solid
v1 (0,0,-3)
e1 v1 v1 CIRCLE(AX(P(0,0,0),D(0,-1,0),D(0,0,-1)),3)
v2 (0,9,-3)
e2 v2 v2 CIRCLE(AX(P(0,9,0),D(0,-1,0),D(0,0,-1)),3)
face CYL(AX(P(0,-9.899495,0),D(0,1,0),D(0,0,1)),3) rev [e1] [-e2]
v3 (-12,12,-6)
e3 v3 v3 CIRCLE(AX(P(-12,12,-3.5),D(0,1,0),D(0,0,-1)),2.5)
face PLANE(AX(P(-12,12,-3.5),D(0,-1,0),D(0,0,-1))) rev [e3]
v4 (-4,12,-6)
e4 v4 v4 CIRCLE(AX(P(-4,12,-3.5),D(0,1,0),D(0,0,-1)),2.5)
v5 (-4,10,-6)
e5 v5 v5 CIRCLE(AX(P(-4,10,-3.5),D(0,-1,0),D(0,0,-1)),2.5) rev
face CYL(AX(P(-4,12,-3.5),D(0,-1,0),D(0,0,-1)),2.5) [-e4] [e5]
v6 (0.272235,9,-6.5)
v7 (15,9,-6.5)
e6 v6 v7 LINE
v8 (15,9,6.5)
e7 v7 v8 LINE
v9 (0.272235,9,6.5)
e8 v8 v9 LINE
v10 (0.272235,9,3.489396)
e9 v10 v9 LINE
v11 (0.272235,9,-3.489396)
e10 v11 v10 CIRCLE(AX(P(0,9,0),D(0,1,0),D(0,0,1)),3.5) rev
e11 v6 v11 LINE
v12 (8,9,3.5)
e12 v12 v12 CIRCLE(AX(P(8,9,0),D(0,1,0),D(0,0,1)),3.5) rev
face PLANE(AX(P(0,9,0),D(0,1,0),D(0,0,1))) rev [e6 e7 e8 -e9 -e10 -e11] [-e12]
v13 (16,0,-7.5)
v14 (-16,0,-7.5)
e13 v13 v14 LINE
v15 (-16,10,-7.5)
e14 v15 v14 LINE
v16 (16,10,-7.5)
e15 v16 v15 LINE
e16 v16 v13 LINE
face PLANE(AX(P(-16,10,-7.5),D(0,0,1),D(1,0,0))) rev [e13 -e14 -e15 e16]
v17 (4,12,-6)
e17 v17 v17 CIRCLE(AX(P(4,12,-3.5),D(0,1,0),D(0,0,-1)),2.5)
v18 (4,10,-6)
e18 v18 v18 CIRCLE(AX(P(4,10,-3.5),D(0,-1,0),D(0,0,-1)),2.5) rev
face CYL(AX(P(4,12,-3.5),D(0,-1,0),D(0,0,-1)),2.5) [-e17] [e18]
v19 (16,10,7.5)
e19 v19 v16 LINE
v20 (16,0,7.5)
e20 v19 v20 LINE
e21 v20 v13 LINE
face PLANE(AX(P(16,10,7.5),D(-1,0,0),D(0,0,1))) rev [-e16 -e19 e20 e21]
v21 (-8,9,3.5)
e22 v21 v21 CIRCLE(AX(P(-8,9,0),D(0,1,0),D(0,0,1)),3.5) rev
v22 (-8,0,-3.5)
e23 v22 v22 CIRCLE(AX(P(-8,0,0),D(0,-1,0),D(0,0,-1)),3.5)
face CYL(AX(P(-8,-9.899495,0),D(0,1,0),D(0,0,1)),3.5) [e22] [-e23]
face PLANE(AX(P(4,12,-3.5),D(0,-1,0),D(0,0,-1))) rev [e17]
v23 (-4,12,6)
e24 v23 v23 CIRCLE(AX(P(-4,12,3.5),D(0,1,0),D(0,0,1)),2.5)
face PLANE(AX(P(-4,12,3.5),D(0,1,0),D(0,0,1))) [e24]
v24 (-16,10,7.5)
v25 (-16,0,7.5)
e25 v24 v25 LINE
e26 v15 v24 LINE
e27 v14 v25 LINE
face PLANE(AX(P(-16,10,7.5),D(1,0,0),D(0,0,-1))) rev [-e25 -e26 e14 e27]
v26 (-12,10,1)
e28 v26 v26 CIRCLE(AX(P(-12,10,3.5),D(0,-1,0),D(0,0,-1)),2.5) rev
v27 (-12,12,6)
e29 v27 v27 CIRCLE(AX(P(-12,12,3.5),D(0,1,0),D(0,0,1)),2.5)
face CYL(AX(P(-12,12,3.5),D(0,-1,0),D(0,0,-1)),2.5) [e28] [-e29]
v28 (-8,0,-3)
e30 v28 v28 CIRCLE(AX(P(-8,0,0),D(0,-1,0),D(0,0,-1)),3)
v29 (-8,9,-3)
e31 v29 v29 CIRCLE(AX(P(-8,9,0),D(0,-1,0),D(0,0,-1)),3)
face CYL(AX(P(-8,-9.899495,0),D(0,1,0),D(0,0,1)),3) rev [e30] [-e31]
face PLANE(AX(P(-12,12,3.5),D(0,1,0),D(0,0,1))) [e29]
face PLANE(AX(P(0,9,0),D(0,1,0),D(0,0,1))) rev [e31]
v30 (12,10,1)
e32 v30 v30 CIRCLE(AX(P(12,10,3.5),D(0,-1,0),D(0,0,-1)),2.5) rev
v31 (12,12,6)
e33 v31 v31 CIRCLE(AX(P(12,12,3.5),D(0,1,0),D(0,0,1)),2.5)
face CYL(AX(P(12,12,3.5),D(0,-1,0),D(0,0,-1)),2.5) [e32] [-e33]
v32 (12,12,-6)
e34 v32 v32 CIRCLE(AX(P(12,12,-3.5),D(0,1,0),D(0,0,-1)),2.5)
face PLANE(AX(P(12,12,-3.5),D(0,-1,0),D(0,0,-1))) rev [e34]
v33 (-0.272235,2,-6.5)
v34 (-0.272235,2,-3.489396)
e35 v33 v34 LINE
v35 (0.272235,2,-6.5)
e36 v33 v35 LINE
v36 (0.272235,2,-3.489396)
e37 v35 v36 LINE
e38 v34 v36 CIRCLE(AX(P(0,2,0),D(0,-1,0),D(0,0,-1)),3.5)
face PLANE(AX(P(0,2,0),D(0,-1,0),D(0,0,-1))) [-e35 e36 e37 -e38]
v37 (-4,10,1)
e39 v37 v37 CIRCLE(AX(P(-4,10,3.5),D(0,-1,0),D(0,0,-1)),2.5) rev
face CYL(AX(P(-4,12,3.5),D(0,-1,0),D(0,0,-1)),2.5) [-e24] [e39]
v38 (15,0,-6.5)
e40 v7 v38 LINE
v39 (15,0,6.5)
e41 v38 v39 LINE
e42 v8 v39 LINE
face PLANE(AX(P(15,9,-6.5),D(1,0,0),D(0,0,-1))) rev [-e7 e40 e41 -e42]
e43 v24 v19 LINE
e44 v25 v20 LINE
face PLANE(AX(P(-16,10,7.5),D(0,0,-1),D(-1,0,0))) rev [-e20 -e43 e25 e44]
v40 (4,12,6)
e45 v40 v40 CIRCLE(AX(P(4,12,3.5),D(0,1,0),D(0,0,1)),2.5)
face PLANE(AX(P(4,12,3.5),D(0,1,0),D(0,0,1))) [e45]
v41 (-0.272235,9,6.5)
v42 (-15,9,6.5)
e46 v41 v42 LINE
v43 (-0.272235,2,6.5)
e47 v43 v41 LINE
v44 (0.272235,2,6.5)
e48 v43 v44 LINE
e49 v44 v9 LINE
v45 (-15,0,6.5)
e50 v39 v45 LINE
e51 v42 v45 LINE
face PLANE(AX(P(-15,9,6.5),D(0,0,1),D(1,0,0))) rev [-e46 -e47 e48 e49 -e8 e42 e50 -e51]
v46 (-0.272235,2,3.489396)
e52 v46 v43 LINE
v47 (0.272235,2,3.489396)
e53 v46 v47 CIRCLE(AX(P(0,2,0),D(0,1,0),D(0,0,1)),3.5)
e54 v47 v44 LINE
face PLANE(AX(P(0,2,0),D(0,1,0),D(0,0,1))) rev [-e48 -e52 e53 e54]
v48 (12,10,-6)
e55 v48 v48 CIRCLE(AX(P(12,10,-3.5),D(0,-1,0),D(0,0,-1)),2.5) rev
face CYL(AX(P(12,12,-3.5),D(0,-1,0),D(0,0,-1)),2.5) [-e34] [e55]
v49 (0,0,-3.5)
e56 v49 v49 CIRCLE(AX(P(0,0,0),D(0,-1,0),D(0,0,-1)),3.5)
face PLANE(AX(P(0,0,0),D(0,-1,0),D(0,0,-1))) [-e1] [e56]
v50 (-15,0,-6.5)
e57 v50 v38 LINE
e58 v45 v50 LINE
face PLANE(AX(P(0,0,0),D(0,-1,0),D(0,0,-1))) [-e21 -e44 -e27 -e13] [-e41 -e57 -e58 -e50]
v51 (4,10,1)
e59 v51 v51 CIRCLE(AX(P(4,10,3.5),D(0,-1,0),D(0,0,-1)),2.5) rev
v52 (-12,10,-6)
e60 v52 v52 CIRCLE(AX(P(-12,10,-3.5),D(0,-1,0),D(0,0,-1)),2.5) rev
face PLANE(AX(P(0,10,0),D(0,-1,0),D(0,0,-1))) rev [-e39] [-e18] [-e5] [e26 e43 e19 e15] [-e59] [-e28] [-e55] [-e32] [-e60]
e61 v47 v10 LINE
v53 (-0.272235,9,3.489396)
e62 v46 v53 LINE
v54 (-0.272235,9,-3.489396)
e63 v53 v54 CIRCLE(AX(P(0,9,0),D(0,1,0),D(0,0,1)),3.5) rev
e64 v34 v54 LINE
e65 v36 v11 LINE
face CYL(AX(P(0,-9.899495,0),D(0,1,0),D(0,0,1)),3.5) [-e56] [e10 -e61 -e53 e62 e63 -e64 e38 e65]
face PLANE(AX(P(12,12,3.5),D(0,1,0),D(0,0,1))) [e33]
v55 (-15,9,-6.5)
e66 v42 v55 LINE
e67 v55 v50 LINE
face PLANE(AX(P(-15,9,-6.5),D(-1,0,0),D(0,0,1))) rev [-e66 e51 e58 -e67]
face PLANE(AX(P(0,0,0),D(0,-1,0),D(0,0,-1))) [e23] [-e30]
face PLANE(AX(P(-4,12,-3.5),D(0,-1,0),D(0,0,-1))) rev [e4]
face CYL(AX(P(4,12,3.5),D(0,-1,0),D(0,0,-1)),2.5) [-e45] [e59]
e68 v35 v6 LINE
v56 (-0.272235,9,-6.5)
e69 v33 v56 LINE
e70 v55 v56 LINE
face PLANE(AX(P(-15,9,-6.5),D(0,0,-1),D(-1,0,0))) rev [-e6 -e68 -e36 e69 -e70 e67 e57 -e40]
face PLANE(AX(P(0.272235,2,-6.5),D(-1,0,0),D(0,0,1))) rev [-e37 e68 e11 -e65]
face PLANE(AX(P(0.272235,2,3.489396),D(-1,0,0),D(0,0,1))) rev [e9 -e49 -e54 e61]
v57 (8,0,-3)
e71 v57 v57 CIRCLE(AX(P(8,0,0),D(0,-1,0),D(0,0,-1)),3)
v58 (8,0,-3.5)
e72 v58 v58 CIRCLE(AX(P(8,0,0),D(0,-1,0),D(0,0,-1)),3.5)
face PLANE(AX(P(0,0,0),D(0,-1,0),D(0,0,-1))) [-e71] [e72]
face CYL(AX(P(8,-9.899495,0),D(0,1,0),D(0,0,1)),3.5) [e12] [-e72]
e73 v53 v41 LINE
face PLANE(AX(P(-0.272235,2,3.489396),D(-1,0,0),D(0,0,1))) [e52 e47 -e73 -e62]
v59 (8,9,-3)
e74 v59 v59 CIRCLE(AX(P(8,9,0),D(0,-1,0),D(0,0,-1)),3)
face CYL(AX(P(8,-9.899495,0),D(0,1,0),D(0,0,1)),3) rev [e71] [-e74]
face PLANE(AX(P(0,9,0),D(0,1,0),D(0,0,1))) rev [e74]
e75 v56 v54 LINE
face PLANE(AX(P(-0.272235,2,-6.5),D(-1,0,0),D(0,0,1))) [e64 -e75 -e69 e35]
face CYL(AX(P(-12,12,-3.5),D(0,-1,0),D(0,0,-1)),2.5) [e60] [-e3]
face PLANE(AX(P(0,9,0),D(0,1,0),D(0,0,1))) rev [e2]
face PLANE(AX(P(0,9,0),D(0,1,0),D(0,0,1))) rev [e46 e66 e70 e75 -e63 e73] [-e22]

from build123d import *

# Parameters (mm, degrees)
SKETCH1_W           = 32
SKETCH1_H           = 15
BOSS_EXTRUDE1_DEPTH = 10
SKETCH2_R           = 2.5
BOSS_EXTRUDE2_DEPTH = 2
SKETCH3_W           = 30
SKETCH3_H           = 13
CUT_EXTRUDE1_DEPTH  = 9
SKETCH4_R           = 3.5
SKETCH4_R_2         = 3
BOSS_EXTRUDE3_DEPTH = 9
BOSS_EXTRUDE4_DEPTH = 7


with BuildPart() as part:
    # Sketch1 → Boss-Extrude1 (new body)
    with BuildSketch(Plane(origin=(0, 0, 0), x_dir=(1, 0, 0), z_dir=(0, 1, 0))):
        Rectangle(SKETCH1_W, SKETCH1_H)
    extrude(amount=BOSS_EXTRUDE1_DEPTH)

    # Sketch2 → Boss-Extrude2 (add)
    with BuildSketch(Plane(origin=(0, 10, 0), x_dir=(1, 0, 0), z_dir=(0, 1, 0))):
        with Locations((-12, -3.5)):
            Circle(SKETCH2_R)
        with Locations((-4, -3.5)):
            Circle(SKETCH2_R)
        with Locations((4, -3.5)):
            Circle(SKETCH2_R)
        with Locations((12, -3.5)):
            Circle(SKETCH2_R)
        with Locations((12, 3.5)):
            Circle(SKETCH2_R)
        with Locations((4, 3.5)):
            Circle(SKETCH2_R)
        with Locations((-4, 3.5)):
            Circle(SKETCH2_R)
        with Locations((-12, 3.5)):
            Circle(SKETCH2_R)
    extrude(amount=BOSS_EXTRUDE2_DEPTH)

    # Sketch3 → Cut-Extrude1 (cut)
    with BuildSketch(Plane.XZ):
        Rectangle(SKETCH3_W, SKETCH3_H)
    extrude(amount=-CUT_EXTRUDE1_DEPTH, mode=Mode.SUBTRACT)

    # Sketch4 → Boss-Extrude3 (add)
    with BuildSketch(Plane.XZ.offset(-9)):
        Circle(SKETCH4_R)
        Circle(SKETCH4_R_2, mode=Mode.SUBTRACT)
        with Locations((8, 0)):
            Circle(SKETCH4_R)
        with Locations((8, 0)):
            Circle(SKETCH4_R_2, mode=Mode.SUBTRACT)
        with Locations((-8, 0)):
            Circle(SKETCH4_R)
        with Locations((-8, 0)):
            Circle(SKETCH4_R_2, mode=Mode.SUBTRACT)
    extrude(amount=BOSS_EXTRUDE3_DEPTH)

    # Sketch5 → Boss-Extrude4 (add)
    with BuildSketch(Plane.XZ.offset(-9)):
        with BuildLine():
            Line((-0.272235441, -6.5), (0.272235441, -6.5))
            Line((0.272235441, -6.5), (0.272235441, -3.48939649))
            ThreePointArc((0.272235441, -3.48939649), (0, -3.5), (-0.272235441, -3.48939649))
            Line((-0.272235441, -3.48939649), (-0.272235441, -6.5))
        make_face()
        with BuildLine():
            Line((-0.272235441, 6.5), (0.272235441, 6.5))
            Line((0.272235441, 6.5), (0.272235441, 3.48939649))
            ThreePointArc((0.272235441, 3.48939649), (0, 3.5), (-0.272235441, 3.48939649))
            Line((-0.272235441, 3.48939649), (-0.272235441, 6.5))
        make_face()
    extrude(amount=BOSS_EXTRUDE4_DEPTH)


solid = part.part
